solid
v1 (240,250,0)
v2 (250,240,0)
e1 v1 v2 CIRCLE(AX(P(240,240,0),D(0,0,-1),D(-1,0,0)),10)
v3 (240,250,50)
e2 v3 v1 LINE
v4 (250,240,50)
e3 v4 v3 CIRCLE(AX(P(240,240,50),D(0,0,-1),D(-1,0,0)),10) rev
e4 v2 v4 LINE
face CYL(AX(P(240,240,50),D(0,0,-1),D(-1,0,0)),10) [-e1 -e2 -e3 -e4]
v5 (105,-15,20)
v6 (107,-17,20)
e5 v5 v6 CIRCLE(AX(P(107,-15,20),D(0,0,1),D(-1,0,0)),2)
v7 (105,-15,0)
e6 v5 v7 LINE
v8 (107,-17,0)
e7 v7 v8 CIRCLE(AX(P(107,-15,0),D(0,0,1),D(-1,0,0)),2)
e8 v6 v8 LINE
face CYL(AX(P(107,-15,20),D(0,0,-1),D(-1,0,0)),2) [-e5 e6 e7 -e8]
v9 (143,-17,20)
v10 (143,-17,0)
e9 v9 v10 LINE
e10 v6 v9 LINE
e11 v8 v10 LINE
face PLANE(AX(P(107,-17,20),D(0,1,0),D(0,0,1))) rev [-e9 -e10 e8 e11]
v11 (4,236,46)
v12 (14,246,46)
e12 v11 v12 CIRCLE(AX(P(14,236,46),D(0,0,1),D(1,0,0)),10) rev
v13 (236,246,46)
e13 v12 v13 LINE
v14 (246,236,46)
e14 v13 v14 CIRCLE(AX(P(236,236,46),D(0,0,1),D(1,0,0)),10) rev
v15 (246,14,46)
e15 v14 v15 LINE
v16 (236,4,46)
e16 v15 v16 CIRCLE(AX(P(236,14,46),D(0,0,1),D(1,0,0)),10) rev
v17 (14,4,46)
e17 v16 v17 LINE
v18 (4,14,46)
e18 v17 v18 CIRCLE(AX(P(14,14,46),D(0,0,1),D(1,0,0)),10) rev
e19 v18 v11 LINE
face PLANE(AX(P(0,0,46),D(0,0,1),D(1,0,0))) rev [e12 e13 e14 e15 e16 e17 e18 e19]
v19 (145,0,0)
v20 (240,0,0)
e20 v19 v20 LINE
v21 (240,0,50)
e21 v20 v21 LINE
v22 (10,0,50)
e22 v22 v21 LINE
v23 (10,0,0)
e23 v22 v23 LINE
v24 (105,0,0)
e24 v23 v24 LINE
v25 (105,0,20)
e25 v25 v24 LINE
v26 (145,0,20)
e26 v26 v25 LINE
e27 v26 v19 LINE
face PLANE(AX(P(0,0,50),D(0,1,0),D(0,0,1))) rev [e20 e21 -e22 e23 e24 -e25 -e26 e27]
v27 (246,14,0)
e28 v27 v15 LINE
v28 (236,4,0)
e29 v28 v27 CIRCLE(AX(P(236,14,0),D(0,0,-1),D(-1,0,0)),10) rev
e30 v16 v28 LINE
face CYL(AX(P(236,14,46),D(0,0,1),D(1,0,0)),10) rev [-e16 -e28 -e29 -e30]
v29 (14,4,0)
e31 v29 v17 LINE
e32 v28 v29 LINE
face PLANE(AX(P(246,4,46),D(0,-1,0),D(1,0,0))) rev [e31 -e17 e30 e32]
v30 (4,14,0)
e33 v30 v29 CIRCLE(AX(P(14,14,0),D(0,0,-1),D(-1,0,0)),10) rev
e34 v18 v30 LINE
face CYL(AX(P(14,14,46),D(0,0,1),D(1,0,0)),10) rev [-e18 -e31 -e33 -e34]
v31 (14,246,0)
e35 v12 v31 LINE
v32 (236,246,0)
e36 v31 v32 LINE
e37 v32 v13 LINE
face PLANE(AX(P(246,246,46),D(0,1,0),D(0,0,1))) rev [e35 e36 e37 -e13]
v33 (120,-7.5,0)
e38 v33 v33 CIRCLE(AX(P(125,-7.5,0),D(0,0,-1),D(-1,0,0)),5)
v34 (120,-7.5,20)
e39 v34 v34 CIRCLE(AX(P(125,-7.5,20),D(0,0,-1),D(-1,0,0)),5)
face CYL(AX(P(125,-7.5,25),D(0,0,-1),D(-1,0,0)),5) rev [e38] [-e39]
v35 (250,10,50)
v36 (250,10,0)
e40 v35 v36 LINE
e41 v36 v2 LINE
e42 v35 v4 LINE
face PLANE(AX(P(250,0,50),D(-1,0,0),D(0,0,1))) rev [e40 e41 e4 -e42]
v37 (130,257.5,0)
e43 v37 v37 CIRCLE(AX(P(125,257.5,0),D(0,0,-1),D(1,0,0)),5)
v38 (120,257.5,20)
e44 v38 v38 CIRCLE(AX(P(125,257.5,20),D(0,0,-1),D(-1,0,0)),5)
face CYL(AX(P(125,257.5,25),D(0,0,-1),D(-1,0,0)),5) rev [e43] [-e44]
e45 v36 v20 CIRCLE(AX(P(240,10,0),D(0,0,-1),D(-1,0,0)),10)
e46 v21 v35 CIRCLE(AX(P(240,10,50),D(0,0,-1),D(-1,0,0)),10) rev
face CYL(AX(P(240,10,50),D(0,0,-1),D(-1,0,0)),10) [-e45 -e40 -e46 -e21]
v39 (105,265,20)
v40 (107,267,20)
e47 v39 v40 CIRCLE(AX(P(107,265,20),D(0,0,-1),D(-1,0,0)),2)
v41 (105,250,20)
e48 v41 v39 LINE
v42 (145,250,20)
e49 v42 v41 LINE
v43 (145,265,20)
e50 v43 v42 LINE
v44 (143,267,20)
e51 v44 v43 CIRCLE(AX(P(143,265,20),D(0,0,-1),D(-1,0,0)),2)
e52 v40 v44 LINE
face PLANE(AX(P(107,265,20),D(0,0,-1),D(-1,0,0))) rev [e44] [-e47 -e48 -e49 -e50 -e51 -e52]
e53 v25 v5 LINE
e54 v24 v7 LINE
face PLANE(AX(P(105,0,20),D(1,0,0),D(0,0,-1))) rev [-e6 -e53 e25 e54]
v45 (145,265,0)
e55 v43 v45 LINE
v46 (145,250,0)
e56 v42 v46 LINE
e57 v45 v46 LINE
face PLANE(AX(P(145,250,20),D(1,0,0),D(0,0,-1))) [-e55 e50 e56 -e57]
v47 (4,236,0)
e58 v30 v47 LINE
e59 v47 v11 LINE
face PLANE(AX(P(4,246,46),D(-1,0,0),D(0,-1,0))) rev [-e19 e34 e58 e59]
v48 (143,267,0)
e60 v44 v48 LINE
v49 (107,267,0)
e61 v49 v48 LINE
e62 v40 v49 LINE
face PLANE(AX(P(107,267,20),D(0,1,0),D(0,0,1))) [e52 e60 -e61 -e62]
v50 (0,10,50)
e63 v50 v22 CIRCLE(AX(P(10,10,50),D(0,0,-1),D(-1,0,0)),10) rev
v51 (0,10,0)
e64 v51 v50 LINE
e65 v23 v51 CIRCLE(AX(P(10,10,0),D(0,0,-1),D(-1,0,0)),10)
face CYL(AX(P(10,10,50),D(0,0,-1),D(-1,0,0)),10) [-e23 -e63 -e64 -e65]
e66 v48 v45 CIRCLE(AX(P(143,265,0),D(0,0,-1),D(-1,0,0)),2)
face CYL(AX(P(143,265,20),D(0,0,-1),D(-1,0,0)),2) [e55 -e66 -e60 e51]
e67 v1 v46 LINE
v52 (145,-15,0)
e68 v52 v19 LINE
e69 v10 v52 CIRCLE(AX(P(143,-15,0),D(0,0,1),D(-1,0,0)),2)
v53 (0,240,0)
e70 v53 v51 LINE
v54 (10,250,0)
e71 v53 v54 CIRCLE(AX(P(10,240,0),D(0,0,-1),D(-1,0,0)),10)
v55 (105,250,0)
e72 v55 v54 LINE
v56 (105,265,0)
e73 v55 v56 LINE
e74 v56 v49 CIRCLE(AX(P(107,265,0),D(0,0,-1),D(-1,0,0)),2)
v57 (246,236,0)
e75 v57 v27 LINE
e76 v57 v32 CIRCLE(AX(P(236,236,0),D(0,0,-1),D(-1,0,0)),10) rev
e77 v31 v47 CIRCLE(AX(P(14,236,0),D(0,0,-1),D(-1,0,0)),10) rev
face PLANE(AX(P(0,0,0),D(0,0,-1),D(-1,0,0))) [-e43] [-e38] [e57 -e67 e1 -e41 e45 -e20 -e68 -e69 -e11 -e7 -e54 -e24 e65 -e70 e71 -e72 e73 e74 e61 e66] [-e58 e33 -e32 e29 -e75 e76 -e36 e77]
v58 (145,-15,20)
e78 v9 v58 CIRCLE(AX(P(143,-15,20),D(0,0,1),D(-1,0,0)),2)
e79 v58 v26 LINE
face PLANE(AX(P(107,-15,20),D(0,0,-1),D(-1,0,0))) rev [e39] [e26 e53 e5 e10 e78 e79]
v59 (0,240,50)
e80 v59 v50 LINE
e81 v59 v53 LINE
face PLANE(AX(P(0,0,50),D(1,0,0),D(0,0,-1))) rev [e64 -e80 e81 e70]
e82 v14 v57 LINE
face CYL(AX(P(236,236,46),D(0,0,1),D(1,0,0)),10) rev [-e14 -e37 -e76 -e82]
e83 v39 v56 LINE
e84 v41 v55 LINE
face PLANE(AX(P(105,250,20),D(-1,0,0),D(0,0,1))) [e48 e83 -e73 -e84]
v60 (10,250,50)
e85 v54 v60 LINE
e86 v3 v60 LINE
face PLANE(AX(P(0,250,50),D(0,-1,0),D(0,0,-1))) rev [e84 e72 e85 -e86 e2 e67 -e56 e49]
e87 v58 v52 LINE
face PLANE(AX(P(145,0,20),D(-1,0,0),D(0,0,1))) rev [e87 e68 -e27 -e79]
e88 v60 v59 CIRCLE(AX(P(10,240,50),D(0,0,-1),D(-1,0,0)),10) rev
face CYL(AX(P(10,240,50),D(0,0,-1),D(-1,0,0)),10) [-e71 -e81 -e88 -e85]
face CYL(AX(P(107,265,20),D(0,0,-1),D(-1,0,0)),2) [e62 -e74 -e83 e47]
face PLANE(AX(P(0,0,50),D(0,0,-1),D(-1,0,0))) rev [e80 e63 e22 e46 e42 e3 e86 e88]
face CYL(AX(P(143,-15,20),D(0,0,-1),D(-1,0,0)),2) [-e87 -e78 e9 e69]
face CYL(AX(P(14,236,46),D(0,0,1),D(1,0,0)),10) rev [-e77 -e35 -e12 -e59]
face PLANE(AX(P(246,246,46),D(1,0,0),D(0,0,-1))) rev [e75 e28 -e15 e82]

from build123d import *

# Parameters (mm, degrees)
SKETCH1_W           = 250
SKETCH1_H           = 250
BOSS_EXTRUDE1_DEPTH = 50
BOSS_EXTRUDE2_DEPTH = 20
SKETCH3_R           = 5
CUT_EXTRUDE1_DEPTH  = 25
SKETCH5_W           = 242
SKETCH5_H           = 242
CUT_EXTRUDE2_DEPTH  = 46
FILLET1_R           = 10
FILLET2_R           = 10


with BuildPart() as part:
    # Sketch1 → Boss-Extrude1 (new body)
    with BuildSketch(Plane.XY):
        with Locations((125, 125)):
            Rectangle(SKETCH1_W, SKETCH1_H)
    extrude(amount=BOSS_EXTRUDE1_DEPTH)

    # Sketch2 → Boss-Extrude2 (add)
    with BuildSketch(Plane.XY):
        with BuildLine():
            Line((105, 0), (105, -15))
            ThreePointArc((105, -15), (105.585786438, -16.414213562), (107, -17))
            Line((107, -17), (143, -17))
            ThreePointArc((143, -17), (144.414213562, -16.414213562), (145, -15))
            Line((145, -15), (145, 0))
            Line((145, 0), (105, 0))
        make_face()
    boss_extrude2 = extrude(amount=BOSS_EXTRUDE2_DEPTH)

    # Mirror1: Boss-Extrude2 across plane
    add(boss_extrude2.mirror(Plane.ZX.offset(125)))

    # Sketch3 → Cut-Extrude1 (cut)
    with BuildSketch(Plane(origin=(0, 0, 0), x_dir=(-1, 0, 0), z_dir=(0, 0, -1))):
        with Locations((-125, -7.5)):
            Circle(SKETCH3_R)
        with Locations((-125, 257.5)):
            Circle(SKETCH3_R)
    extrude(amount=-CUT_EXTRUDE1_DEPTH, mode=Mode.SUBTRACT)

    # Sketch5 → Cut-Extrude2 (cut)
    with BuildSketch(Plane(origin=(0, 0, 0), x_dir=(-1, 0, 0), z_dir=(0, 0, -1))):
        with Locations((-125, 125)):
            Rectangle(SKETCH5_W, SKETCH5_H)
    extrude(amount=-CUT_EXTRUDE2_DEPTH, mode=Mode.SUBTRACT)

    # Fillet1
    fillet1_edges = [part.edges().sort_by_distance(p)[0] for p in [
        (0, 250, 25),
        (250, 250, 25),
        (250, 0, 25),
        (0, 0, 25),
    ]]
    fillet(fillet1_edges, radius=FILLET1_R)

    # Fillet2
    fillet2_edges = [part.edges().sort_by_distance(p)[0] for p in [
        (246, 246, 23),
        (4, 246, 23),
        (4, 4, 23),
        (246, 4, 23),
    ]]
    fillet(fillet2_edges, radius=FILLET2_R)


solid = part.part
